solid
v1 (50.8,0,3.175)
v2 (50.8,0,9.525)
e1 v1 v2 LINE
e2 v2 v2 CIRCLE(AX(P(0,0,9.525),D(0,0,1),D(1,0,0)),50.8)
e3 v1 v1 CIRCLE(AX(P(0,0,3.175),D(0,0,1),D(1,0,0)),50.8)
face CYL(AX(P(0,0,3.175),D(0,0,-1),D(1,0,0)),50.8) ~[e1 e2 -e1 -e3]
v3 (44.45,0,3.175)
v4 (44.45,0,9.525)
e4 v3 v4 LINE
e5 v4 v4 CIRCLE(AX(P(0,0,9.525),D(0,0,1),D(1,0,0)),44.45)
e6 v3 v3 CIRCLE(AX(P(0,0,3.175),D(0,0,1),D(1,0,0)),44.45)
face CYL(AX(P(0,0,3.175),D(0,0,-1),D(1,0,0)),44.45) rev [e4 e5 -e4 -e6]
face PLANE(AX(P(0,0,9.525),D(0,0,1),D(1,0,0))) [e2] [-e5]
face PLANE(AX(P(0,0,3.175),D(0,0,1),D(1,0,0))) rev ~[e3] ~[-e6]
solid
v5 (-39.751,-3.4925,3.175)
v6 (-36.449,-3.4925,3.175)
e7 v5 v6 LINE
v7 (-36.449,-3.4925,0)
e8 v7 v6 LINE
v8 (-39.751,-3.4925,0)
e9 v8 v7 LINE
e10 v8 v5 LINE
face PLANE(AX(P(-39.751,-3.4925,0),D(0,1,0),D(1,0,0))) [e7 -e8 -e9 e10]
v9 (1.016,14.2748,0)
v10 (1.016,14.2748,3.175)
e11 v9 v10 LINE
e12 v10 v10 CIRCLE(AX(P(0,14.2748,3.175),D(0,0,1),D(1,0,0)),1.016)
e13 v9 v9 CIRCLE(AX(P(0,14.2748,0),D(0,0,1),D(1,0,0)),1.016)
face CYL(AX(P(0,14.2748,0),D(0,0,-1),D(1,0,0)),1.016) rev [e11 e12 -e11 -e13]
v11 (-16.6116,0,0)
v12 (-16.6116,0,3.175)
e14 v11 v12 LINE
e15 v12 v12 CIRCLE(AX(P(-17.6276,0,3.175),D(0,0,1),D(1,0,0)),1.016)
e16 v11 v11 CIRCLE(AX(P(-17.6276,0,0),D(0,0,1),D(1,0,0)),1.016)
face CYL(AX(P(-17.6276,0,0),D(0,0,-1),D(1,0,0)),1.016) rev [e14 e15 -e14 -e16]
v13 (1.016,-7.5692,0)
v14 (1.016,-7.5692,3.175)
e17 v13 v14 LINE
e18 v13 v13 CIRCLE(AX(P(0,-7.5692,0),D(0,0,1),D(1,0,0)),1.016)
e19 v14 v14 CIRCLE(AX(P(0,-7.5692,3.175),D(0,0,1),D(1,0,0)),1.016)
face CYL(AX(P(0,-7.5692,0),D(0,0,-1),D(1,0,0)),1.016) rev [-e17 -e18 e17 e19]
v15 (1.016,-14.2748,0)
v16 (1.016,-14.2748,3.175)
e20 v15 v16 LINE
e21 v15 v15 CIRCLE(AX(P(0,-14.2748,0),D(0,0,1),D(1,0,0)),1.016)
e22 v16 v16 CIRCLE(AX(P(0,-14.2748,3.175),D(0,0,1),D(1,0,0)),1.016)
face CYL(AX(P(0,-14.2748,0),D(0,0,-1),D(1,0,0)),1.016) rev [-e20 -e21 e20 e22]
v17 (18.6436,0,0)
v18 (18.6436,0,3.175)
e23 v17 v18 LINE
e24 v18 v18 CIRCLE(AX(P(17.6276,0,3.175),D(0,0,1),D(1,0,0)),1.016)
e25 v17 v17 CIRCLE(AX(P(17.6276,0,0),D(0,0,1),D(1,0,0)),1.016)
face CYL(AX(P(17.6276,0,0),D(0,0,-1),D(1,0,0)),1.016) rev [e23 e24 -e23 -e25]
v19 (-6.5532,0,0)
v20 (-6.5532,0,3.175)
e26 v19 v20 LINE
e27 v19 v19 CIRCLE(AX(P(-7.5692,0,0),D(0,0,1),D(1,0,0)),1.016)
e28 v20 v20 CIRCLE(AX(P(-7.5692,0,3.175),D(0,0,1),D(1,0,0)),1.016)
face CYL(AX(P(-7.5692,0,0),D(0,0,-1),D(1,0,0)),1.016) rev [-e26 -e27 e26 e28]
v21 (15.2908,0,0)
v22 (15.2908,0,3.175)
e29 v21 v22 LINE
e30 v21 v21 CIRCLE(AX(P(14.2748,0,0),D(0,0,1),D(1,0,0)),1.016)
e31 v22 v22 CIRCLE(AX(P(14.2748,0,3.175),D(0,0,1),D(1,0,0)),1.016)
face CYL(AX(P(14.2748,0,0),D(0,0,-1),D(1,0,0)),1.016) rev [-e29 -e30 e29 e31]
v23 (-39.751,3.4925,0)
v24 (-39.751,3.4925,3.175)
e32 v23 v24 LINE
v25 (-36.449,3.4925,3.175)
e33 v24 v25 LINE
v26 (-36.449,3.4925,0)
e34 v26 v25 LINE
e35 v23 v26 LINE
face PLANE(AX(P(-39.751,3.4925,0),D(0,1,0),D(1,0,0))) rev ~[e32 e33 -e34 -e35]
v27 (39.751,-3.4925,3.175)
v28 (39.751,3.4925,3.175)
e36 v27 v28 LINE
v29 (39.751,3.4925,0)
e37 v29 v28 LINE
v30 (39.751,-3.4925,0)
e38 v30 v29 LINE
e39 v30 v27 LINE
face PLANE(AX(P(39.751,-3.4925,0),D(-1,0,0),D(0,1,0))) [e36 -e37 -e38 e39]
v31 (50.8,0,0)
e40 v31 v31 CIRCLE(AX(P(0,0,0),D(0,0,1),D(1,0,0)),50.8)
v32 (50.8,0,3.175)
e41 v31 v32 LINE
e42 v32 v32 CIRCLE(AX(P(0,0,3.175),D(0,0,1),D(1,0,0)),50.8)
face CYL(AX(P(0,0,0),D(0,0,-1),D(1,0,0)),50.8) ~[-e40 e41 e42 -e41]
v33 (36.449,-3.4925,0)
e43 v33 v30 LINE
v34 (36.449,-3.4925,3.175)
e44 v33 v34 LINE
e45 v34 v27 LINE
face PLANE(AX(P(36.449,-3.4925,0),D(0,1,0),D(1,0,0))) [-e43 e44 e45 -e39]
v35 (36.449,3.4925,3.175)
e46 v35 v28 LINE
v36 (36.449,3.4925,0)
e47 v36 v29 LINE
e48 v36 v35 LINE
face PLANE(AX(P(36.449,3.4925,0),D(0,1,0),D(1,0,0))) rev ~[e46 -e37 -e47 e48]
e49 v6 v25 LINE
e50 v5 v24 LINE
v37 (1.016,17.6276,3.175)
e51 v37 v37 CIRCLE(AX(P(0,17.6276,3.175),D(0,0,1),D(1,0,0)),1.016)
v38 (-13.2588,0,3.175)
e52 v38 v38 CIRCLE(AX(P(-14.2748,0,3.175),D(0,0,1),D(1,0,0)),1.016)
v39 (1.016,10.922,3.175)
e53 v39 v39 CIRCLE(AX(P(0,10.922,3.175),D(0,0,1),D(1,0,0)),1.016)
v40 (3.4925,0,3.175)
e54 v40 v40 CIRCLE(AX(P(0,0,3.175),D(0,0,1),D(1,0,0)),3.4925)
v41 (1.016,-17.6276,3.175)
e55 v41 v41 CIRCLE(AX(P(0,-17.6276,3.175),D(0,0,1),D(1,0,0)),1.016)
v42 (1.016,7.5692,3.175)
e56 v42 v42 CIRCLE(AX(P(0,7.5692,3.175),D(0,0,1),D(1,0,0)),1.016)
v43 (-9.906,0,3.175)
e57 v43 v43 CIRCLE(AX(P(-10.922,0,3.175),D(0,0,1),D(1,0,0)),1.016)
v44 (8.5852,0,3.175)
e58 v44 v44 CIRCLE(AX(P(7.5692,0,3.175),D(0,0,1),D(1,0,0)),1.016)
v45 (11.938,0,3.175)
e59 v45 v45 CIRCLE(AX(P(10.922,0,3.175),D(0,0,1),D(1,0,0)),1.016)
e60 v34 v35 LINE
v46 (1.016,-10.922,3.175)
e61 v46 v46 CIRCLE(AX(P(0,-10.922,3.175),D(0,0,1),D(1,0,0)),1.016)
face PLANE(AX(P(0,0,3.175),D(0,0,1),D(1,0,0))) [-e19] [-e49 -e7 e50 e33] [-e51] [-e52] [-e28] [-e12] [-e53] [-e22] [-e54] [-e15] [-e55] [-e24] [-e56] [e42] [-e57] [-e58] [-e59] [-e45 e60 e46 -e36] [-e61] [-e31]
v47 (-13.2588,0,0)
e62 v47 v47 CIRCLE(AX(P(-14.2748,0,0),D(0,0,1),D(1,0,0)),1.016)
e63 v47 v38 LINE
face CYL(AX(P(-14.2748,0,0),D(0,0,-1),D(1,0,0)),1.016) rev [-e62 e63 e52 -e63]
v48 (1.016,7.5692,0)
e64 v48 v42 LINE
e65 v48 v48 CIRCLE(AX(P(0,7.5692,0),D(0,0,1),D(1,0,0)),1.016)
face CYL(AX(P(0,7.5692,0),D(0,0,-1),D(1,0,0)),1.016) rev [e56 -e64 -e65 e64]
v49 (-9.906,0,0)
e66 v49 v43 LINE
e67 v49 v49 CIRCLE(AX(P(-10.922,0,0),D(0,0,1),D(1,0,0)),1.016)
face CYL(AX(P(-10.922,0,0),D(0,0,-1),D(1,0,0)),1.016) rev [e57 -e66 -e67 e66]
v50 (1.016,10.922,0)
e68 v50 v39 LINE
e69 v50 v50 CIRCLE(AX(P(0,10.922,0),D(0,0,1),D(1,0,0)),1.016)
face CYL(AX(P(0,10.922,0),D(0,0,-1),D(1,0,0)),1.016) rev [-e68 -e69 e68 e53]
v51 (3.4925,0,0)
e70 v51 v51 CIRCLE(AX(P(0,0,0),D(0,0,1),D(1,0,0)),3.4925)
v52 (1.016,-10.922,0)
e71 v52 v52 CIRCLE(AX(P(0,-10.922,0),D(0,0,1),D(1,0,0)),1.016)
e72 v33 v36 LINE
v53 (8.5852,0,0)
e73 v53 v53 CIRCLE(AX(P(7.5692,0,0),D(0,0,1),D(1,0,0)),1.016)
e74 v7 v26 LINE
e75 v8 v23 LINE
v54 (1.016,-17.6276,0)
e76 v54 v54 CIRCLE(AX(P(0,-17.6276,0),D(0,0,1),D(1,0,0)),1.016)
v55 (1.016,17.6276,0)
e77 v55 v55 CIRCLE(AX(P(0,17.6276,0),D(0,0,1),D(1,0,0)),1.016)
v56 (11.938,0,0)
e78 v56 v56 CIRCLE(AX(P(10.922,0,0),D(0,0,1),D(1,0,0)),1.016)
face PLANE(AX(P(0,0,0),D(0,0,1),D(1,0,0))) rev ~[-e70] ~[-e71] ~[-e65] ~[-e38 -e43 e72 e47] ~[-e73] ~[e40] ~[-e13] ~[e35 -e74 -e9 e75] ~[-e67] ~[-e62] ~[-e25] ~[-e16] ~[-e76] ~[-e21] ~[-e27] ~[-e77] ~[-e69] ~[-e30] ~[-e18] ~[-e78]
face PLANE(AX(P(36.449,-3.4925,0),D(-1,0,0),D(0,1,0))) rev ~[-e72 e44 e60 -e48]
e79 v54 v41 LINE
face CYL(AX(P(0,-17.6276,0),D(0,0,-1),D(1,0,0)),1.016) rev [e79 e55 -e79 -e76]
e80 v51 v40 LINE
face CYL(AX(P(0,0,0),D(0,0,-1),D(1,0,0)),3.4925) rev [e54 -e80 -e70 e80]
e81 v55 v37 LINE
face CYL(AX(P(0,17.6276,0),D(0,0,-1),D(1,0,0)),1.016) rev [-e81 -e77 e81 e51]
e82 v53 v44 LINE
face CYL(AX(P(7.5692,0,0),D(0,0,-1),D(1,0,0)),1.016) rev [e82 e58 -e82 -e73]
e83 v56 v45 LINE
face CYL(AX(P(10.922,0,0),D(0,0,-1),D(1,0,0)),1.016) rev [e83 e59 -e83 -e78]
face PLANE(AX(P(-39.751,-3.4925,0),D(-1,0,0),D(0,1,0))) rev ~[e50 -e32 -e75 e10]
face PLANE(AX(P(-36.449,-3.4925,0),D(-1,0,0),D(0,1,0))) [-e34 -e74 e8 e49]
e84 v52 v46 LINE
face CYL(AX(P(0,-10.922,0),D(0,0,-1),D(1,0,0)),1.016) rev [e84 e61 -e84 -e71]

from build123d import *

# Parameters (mm, degrees)
F0_R     = 50.8
F0_W     = 3.302
F0_H     = 6.985
F0_R_2   = 1.016
F0_R_3   = 3.4925
F1_DEPTH = 3.175
F2_R     = 50.8
F2_R_2   = 44.45
F3_DEPTH = 6.35


with BuildPart() as f1:
    # F0 (on Top) → F1 (new body)
    with BuildSketch(Plane.XY):
        Circle(F0_R)
        with Locations((-38.1, 0)):
            Rectangle(F0_W, F0_H, mode=Mode.SUBTRACT)
        with Locations((0, -17.6276)):
            Circle(F0_R_2, mode=Mode.SUBTRACT)
        with Locations((0, -14.2748)):
            Circle(F0_R_2, mode=Mode.SUBTRACT)
        with Locations((-17.6276, 0)):
            Circle(F0_R_2, mode=Mode.SUBTRACT)
        with Locations((-14.2748, 0)):
            Circle(F0_R_2, mode=Mode.SUBTRACT)
        with Locations((0, -10.922)):
            Circle(F0_R_2, mode=Mode.SUBTRACT)
        with Locations((0, -7.5692)):
            Circle(F0_R_2, mode=Mode.SUBTRACT)
        with Locations((-10.922, 0)):
            Circle(F0_R_2, mode=Mode.SUBTRACT)
        with Locations((-7.5692, 0)):
            Circle(F0_R_2, mode=Mode.SUBTRACT)
        Circle(F0_R_3, mode=Mode.SUBTRACT)
        with Locations((7.5692, 0)):
            Circle(F0_R_2, mode=Mode.SUBTRACT)
        with Locations((10.922, 0)):
            Circle(F0_R_2, mode=Mode.SUBTRACT)
        with Locations((14.2748, 0)):
            Circle(F0_R_2, mode=Mode.SUBTRACT)
        with Locations((17.6276, 0)):
            Circle(F0_R_2, mode=Mode.SUBTRACT)
        with Locations((38.1, 0)):
            Rectangle(F0_W, F0_H, mode=Mode.SUBTRACT)
        with Locations((0, 7.5692)):
            Circle(F0_R_2, mode=Mode.SUBTRACT)
        with Locations((0, 10.922)):
            Circle(F0_R_2, mode=Mode.SUBTRACT)
        with Locations((0, 14.2748)):
            Circle(F0_R_2, mode=Mode.SUBTRACT)
        with Locations((0, 17.6276)):
            Circle(F0_R_2, mode=Mode.SUBTRACT)
    extrude(amount=F1_DEPTH)


with BuildPart() as f3:
    # F2 (on face) → F3 (new body)
    with BuildSketch(Plane.XY.offset(3.175)):
        Circle(F2_R)
        Circle(F2_R_2, mode=Mode.SUBTRACT)
    extrude(amount=F3_DEPTH)


solid = Compound([f1.part, f3.part])
